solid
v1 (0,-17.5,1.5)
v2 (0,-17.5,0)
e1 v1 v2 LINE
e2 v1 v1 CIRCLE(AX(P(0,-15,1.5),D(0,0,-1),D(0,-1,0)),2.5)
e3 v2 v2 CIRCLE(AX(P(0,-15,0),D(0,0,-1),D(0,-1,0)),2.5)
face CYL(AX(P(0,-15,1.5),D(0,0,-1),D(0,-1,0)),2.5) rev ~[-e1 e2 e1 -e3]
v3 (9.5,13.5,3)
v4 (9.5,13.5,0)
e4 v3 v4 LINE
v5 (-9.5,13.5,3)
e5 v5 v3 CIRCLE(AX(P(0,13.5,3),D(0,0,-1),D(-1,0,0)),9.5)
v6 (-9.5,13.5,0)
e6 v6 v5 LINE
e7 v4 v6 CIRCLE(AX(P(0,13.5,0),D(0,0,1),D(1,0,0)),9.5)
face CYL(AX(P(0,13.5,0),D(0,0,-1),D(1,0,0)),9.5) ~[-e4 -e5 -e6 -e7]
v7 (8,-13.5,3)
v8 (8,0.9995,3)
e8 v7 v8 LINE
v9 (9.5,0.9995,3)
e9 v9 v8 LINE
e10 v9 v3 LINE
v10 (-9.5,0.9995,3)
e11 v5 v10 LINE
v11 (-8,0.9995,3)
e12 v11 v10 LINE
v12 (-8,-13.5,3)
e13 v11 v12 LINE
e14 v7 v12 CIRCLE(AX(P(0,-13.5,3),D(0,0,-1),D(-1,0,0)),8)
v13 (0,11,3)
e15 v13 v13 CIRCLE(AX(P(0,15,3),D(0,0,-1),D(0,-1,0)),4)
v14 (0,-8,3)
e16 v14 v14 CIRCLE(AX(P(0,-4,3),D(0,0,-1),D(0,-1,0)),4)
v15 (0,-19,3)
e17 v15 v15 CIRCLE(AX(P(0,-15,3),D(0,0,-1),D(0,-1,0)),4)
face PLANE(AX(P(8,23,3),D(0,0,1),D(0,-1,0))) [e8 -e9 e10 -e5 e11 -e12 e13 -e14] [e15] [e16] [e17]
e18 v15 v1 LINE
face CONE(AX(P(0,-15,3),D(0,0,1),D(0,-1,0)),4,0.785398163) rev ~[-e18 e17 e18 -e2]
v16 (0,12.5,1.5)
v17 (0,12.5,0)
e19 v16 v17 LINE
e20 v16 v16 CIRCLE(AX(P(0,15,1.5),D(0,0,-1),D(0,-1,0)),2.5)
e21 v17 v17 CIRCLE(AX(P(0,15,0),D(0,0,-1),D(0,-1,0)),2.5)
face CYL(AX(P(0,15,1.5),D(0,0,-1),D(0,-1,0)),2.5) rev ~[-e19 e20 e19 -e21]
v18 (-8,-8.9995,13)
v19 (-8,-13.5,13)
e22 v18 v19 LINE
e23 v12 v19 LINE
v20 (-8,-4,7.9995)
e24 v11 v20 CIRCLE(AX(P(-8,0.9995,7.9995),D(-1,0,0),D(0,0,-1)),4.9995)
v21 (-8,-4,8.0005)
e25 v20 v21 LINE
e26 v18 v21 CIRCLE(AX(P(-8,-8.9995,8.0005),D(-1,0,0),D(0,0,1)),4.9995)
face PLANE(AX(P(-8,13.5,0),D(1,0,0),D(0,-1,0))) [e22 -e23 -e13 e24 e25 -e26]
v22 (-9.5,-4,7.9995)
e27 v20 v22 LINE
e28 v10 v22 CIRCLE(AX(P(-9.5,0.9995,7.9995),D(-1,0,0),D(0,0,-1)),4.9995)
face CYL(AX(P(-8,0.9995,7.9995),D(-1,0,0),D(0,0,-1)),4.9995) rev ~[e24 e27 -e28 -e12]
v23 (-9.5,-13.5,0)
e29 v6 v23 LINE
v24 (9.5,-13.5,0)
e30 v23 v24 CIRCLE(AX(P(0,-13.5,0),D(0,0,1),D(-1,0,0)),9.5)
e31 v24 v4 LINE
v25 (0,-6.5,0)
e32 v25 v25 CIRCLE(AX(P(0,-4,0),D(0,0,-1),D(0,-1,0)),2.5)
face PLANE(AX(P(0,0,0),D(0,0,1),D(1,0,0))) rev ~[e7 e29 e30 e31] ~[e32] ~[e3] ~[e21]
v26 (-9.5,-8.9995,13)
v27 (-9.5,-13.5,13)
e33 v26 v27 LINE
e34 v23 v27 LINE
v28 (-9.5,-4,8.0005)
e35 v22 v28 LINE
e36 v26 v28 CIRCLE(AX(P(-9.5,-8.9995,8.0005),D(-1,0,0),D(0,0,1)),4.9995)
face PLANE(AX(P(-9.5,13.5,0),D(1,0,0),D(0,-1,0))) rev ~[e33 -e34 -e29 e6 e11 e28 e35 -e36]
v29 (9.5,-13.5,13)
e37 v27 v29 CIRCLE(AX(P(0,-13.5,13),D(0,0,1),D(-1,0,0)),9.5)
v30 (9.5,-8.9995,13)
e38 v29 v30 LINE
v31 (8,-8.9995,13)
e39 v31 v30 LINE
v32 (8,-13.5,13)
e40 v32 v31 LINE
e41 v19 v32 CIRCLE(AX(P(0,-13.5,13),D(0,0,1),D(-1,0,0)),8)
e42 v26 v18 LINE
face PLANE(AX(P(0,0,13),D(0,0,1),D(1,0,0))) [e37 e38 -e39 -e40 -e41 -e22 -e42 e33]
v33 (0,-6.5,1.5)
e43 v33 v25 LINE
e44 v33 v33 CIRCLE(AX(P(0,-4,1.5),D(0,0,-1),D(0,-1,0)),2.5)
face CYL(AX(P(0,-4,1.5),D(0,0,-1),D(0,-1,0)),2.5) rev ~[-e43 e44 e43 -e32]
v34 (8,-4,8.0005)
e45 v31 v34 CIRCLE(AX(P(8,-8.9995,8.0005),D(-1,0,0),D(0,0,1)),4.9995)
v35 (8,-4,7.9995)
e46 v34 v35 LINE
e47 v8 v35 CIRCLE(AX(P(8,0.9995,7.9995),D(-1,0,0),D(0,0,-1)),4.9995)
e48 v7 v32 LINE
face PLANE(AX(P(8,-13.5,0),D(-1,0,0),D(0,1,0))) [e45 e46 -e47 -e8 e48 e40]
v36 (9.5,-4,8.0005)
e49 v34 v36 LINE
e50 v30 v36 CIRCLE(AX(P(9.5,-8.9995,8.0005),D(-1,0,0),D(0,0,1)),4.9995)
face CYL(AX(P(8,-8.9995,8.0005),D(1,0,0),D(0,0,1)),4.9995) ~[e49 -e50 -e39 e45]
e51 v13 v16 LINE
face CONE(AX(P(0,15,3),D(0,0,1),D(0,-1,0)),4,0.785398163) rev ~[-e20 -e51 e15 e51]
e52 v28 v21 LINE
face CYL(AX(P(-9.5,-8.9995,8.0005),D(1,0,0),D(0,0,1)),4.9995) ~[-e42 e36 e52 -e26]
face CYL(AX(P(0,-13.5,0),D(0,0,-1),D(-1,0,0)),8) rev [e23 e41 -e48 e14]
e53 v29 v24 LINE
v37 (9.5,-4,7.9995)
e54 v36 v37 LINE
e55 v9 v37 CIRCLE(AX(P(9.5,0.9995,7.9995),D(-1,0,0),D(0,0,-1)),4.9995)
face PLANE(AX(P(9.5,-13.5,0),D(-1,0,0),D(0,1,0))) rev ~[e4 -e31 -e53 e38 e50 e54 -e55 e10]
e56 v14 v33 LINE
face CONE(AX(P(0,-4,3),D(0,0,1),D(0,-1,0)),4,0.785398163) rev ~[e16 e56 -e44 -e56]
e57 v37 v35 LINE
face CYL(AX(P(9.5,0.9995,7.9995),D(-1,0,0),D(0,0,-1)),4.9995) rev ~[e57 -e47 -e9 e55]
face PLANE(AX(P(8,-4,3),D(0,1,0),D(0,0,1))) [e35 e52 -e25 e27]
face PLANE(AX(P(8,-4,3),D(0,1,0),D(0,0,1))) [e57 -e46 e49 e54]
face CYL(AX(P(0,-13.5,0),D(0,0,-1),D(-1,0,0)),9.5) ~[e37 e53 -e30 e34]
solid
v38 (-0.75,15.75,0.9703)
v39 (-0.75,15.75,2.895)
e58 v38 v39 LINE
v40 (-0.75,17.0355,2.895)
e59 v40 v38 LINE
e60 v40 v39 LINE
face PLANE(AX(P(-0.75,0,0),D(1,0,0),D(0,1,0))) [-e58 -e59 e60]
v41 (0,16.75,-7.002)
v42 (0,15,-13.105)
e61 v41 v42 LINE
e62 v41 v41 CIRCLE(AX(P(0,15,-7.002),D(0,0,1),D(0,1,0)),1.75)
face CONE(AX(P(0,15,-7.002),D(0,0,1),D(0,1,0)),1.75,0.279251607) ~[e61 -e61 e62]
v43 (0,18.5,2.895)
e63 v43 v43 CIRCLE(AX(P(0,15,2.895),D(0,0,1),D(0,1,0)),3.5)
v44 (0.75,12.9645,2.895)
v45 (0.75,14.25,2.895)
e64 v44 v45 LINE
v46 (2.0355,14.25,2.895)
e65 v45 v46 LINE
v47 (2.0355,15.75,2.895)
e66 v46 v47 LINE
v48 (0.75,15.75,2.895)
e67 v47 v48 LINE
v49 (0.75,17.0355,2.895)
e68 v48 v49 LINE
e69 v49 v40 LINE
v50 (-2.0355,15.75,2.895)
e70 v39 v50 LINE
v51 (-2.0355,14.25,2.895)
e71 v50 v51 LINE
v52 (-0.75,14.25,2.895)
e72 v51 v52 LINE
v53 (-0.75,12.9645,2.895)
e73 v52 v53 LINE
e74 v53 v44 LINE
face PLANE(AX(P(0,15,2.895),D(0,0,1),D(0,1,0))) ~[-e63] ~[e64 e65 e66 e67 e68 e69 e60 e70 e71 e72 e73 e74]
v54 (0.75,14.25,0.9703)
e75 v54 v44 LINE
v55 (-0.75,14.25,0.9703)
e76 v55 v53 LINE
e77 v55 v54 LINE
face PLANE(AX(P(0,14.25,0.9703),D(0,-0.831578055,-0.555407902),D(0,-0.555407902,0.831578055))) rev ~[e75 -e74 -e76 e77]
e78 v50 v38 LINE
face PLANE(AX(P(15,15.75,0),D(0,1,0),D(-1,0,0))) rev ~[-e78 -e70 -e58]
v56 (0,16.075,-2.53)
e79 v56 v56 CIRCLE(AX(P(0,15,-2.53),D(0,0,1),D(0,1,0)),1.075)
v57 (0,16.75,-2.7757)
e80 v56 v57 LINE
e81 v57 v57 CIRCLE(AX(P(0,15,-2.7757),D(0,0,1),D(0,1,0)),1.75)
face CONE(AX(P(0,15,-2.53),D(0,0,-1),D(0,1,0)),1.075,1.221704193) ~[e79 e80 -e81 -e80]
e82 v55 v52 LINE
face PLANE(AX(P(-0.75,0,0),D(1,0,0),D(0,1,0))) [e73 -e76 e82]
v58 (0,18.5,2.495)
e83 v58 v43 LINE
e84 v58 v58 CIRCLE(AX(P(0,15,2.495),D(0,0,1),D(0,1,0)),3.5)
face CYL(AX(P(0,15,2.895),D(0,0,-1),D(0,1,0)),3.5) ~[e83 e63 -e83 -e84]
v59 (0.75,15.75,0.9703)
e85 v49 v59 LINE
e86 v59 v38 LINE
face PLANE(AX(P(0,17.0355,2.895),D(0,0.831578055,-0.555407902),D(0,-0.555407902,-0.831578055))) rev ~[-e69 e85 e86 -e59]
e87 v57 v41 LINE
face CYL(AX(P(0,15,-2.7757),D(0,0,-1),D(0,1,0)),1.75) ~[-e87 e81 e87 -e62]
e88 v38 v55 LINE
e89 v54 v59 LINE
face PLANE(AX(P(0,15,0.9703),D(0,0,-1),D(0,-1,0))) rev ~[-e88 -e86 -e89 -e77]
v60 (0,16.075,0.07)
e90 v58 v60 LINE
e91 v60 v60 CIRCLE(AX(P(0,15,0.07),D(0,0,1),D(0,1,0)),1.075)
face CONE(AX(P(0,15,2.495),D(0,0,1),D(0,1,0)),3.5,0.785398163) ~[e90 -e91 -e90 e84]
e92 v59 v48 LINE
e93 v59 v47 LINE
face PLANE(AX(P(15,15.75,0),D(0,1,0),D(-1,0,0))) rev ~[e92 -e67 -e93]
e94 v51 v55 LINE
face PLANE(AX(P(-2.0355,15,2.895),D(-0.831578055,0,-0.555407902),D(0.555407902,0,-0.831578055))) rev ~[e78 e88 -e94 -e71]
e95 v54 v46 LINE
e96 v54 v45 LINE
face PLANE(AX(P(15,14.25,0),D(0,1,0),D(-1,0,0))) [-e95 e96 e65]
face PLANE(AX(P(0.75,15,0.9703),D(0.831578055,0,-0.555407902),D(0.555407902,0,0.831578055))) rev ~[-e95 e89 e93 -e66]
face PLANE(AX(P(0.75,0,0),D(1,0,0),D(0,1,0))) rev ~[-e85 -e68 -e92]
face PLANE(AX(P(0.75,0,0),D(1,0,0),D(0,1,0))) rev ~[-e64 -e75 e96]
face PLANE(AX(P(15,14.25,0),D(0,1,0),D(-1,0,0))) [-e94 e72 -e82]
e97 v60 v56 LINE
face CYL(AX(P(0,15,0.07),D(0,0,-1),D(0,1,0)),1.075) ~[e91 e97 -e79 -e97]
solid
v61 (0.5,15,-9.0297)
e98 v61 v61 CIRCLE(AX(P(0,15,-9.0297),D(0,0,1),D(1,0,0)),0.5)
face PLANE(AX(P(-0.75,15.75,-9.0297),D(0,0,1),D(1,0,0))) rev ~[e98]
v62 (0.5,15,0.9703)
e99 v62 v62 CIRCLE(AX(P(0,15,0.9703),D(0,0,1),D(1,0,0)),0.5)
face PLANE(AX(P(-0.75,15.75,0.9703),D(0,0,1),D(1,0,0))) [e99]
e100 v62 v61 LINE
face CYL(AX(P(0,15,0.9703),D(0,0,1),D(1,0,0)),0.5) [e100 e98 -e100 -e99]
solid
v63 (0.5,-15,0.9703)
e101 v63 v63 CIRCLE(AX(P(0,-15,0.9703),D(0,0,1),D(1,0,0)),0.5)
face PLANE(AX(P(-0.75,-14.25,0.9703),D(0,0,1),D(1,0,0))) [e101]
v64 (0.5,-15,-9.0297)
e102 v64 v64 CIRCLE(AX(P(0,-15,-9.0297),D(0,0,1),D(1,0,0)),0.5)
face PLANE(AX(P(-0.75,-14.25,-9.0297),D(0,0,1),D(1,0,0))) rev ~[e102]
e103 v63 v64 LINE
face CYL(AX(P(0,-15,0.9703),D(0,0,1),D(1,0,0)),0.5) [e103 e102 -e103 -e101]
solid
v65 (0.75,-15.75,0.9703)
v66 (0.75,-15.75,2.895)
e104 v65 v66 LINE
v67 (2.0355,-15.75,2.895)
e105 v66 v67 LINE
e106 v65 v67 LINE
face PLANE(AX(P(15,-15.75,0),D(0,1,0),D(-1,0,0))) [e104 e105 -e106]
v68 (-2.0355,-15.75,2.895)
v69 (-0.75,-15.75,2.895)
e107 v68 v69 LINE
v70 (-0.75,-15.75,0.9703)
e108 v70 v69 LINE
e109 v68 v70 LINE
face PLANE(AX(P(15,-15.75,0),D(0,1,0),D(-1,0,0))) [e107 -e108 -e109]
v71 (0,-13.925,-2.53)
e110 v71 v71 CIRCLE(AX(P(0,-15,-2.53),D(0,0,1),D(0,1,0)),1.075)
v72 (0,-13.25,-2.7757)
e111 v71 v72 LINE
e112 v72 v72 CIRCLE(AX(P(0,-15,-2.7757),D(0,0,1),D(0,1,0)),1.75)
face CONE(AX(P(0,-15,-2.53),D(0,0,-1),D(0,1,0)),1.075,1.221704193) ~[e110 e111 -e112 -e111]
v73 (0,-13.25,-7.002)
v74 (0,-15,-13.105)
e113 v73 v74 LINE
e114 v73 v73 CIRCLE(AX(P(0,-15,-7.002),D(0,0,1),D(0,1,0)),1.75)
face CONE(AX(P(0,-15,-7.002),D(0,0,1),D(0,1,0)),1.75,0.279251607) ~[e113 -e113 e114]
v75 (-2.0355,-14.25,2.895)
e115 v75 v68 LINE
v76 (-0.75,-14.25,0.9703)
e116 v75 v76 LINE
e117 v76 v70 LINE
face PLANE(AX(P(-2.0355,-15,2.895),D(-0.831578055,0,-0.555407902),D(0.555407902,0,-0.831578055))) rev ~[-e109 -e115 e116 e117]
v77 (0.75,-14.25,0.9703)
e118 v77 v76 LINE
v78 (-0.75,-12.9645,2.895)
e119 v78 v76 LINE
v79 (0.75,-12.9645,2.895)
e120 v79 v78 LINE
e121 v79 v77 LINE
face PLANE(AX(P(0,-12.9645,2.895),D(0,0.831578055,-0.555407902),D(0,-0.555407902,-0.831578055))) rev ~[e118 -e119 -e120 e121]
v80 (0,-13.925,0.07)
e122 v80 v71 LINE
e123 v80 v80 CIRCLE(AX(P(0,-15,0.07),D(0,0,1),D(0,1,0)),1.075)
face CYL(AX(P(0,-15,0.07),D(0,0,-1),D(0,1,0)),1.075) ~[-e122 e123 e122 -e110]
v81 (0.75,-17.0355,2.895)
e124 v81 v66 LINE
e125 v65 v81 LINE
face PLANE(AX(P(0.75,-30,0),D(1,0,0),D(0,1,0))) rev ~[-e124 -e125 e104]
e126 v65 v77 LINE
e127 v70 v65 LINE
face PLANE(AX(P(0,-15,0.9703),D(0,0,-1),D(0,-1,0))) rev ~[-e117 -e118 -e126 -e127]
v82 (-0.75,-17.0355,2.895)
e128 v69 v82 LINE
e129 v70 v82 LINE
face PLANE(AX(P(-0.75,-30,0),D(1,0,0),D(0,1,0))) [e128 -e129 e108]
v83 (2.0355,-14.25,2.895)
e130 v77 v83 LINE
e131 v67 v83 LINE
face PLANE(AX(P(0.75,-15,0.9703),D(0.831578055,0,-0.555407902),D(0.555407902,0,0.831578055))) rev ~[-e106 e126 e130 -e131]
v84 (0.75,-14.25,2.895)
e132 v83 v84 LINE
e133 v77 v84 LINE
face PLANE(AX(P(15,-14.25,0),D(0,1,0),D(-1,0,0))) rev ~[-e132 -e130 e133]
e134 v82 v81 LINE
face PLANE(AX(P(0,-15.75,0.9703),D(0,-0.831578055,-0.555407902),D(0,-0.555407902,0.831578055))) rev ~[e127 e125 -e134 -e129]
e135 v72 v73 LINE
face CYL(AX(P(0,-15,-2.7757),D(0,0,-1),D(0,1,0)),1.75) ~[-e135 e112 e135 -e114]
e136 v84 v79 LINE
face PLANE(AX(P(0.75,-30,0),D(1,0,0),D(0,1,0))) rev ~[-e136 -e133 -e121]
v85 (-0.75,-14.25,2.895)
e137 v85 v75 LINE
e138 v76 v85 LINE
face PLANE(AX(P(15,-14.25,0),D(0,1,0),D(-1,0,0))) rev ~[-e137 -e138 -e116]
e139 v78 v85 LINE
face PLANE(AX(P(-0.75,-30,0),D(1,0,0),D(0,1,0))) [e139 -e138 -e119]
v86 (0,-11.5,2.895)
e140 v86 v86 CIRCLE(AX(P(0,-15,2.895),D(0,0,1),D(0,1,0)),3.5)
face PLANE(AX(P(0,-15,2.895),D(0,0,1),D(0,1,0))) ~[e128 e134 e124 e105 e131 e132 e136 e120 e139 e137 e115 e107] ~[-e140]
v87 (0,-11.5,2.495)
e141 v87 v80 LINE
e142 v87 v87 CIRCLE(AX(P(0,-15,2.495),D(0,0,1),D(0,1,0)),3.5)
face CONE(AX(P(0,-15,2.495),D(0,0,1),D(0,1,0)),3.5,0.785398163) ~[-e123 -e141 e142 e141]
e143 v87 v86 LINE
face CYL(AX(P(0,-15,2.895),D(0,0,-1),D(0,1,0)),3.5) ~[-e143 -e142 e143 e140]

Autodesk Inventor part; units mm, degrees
ref_plane "YZ Plane" through (0, 0, 0) normal (1, 0, 0) x (0, 1, 0)
ref_plane "XZ Plane" through (0, 0, 0) normal (0, 1, 0) x (-1, 0, 0)
ref_plane "XY Plane" through (0, 0, 0) normal (0, 0, 1) x (1, 0, 0)
sketch "Sketch1" plane through (0, 0, 0) normal (0, 0, 1) x (1, 0, 0)
  line L0 (0, -13.5) -> (0, 13.5) construction
  line L1 (8, -13.5) -> (8, 13.5)
  line L2 (-8, 13.5) -> (-8, -13.5)
  arc A0 (-8, -13.5) -> (8, -13.5) centre (0, -13.5) ccw
  arc A1 (8, 13.5) -> (-8, 13.5) centre (0, 13.5) ccw
  line L3 (-9.5, 13.5) -> (-9.5, -13.5)
  arc A2 (-9.5, -13.5) -> (9.5, -13.5) centre (0, -13.5) ccw
  line L4 (9.5, -13.5) -> (9.5, 13.5)
  arc A3 (9.5, 13.5) -> (-9.5, 13.5) centre (0, 13.5) ccw
  line L5 (0, 23) -> (-20.3144, 23) construction
  line L6 (0, -23) -> (-17.7567, -23) construction
  point P0 (0, 0)
  point P1 (0, 15)
  point P2 (0, -4)
  point P3 (0, -15)
  dimension "d2" = 1.5
  dimension "d3" = 19
  dimension "d6" = 46
  dimension "d7" = 8
  dimension "d8" = 8
  dimension "d13" = 11
extrude "Extrusion1" add sketch "Sketch1" along normal blind 3 contours A0 L2 A1 L1 | A3 L4 A2 L3
extrude "Extrusion2" add sketch "Sketch1" along normal blind 13
sketch "Sketch2" plane through (8, -13.5, 3) normal (-1, 0, 0) x (0, 0, 1)
  line L0 (-3, 36.5) -> (10, 36.5) projected
  line L1 (10, 0) -> (10, 0) projected
  line L2 (10, 0) -> (10, 27) projected
  line L3 (10, 27) -> (10, 27) projected
  line L4 (10, 27) -> (10, 0) projected
  line L5 (10, 27) -> (10, 0) projected
  line L6 (10, 0) -> (10, 0) projected
  line L7 (10, 0) -> (10, 27) projected
  line L8 (10, 27) -> (10, 27) projected
  line L9 (0, 0) -> (0, 0) projected
  line L10 (0, 0) -> (0, 27) projected
  line L11 (0, 27) -> (0, 27) projected
  line L12 (0, 27) -> (0, 0) projected
  line L13 (0, 9.5) -> (10, 9.5)
  line L14 (10, 9.5) -> (10, 36.5)
  line L15 (10, 36.5) -> (0, 36.5)
  line L16 (0, 36.5) -> (0, 9.5)
  point P0 (-3, 13.5)
  point P1 (-3, 9.5)
extrude "Extrusion3" cut sketch "Sketch2" along normal through all both and the other way through all
fillet "Fillet1" radius 5 4 edges at (8.75, -4, 13) (8.75, -4, 3) (-8.75, -4, 13) (-8.75, -4, 3)
sketch "Sketch3" plane through (0, 0, 3) normal (0, 0, 1) x (1, 0, 0)
  point P0 (0, 0)
  point P1 (0, 15)
  point P2 (0, -4)
  point P3 (0, -15)
hole "Hole1" at (0, 15, 3) at (0, -4, 3) at (0, -15, 3) direction (0, 0, -1) diameter 5 depth 8 tip angle 118 countersink diameter 8 countersink angle 90
sketch "Sketch4" plane through (0, 0, 0) normal (1, 0, 0) x (0, 1, 0)
  line L0 (15, 2.895) -> (18.5, 2.895)
  line L1 (18.5, 2.895) -> (18.5, 2.495)
  line L2 (18.5, 2.495) -> (16.075, 0.07)
  line L3 (16.075, 0.07) -> (16.075, -2.53)
  line L4 (16.075, -2.53) -> (16.75, -2.7757)
  line L5 (16.75, -2.7757) -> (16.75, -7.002)
  line L6 (16.75, -7.002) -> (15, -13.105)
  line L7 (15, -13.105) -> (15, 2.895)
  line L8 (15, -18.326) -> (15, 18.221) projected
  line L9 (17.5, 1.5) -> (19, 3) projected
  point P0 (0, 0)
  dimension "d24" = 7
  dimension "d25" = 45
  dimension "d26" = 16
  dimension "d27" = 2.6
  dimension "d28" = 110
  dimension "d29" = 2.15
  dimension "d30" = 3.5
  dimension "d31" = 0.4
  dimension "d32" = 16
revolve "Revolution1" add sketch "Sketch4" angle 360 about axis through (0, 15, -13.105) along (0, 0, 1) separate body
thread "Thread1" size "M3.5x0.6" class "6g" standard "ANSI Metric M Profile" full length
thread "Thread2" size "R 4" standard "ISO Taper" full length
sketch "Sketch6" plane through (0, 0, 0) normal (1, 0, 0) x (0, 1, 0)
  line L0 (11.5, 2.895) -> (18.5, 2.895) projected
  line L1 (17.0355, 2.895) -> (15.75, 0.9703)
  line L2 (15.75, 0.9703) -> (14.25, 0.9703)
  line L3 (14.25, 0.9703) -> (12.9645, 2.895)
  line L4 (17.0355, 2.895) -> (12.9645, 2.895)
  line L5 (15, -2.6) -> (15, 15.6) projected
  point P0 (0, 0)
  dimension "d48" = 1.5
extrude "Extrusion4" cut sketch "Sketch6" along normal mid plane 1.5 bodies 2
pattern_circular "Circular Pattern1" count 2 over 90 about axis through (0, 15, -1) along (0, 0, 1) of "Extrusion4" bodies 2
sketch "Sketch7" plane through (-0.75, 15.75, 0.9703) normal (0, 0, 1) x (1, 0, 0)
  circle A0 centre (0.75, -0.75) radius 1.075 projected
  circle A1 centre (0.75, -0.75) radius 0.5
  point P0 (0.75, -15.75)
  dimension "d52" = 1
extrude "Extrusion5" add sketch "Sketch7" against normal blind 10 separate body contours A1
pattern_linear "Rectangular Pattern1" count 2 spacing 30 along (0, -1, 0) bodies 2
pattern_linear "Rectangular Pattern2" count 2 spacing 30 along (0, -1, 0) bodies 3
equation "\"d16\" = -0.5 * d9 + 0.5 * d11"
equation "\"d24\" = d33"
equation "\"d27\" = d34"
equation "\"d29\" = d35"
equation "\"d30\" = d36"
equation "\"d32\" = d37"
equation "\"d33\" = 7"
equation "\"d34\" = 2.6"
equation "\"d35\" = 2.15"
equation "\"d36\" = 3.5"
equation "\"d37\" = 16"
equation "\"d9\" = 3"
equation "\"d11\" = 13"
properties part number "Fixture for the Oval Bar" material "Steel"
